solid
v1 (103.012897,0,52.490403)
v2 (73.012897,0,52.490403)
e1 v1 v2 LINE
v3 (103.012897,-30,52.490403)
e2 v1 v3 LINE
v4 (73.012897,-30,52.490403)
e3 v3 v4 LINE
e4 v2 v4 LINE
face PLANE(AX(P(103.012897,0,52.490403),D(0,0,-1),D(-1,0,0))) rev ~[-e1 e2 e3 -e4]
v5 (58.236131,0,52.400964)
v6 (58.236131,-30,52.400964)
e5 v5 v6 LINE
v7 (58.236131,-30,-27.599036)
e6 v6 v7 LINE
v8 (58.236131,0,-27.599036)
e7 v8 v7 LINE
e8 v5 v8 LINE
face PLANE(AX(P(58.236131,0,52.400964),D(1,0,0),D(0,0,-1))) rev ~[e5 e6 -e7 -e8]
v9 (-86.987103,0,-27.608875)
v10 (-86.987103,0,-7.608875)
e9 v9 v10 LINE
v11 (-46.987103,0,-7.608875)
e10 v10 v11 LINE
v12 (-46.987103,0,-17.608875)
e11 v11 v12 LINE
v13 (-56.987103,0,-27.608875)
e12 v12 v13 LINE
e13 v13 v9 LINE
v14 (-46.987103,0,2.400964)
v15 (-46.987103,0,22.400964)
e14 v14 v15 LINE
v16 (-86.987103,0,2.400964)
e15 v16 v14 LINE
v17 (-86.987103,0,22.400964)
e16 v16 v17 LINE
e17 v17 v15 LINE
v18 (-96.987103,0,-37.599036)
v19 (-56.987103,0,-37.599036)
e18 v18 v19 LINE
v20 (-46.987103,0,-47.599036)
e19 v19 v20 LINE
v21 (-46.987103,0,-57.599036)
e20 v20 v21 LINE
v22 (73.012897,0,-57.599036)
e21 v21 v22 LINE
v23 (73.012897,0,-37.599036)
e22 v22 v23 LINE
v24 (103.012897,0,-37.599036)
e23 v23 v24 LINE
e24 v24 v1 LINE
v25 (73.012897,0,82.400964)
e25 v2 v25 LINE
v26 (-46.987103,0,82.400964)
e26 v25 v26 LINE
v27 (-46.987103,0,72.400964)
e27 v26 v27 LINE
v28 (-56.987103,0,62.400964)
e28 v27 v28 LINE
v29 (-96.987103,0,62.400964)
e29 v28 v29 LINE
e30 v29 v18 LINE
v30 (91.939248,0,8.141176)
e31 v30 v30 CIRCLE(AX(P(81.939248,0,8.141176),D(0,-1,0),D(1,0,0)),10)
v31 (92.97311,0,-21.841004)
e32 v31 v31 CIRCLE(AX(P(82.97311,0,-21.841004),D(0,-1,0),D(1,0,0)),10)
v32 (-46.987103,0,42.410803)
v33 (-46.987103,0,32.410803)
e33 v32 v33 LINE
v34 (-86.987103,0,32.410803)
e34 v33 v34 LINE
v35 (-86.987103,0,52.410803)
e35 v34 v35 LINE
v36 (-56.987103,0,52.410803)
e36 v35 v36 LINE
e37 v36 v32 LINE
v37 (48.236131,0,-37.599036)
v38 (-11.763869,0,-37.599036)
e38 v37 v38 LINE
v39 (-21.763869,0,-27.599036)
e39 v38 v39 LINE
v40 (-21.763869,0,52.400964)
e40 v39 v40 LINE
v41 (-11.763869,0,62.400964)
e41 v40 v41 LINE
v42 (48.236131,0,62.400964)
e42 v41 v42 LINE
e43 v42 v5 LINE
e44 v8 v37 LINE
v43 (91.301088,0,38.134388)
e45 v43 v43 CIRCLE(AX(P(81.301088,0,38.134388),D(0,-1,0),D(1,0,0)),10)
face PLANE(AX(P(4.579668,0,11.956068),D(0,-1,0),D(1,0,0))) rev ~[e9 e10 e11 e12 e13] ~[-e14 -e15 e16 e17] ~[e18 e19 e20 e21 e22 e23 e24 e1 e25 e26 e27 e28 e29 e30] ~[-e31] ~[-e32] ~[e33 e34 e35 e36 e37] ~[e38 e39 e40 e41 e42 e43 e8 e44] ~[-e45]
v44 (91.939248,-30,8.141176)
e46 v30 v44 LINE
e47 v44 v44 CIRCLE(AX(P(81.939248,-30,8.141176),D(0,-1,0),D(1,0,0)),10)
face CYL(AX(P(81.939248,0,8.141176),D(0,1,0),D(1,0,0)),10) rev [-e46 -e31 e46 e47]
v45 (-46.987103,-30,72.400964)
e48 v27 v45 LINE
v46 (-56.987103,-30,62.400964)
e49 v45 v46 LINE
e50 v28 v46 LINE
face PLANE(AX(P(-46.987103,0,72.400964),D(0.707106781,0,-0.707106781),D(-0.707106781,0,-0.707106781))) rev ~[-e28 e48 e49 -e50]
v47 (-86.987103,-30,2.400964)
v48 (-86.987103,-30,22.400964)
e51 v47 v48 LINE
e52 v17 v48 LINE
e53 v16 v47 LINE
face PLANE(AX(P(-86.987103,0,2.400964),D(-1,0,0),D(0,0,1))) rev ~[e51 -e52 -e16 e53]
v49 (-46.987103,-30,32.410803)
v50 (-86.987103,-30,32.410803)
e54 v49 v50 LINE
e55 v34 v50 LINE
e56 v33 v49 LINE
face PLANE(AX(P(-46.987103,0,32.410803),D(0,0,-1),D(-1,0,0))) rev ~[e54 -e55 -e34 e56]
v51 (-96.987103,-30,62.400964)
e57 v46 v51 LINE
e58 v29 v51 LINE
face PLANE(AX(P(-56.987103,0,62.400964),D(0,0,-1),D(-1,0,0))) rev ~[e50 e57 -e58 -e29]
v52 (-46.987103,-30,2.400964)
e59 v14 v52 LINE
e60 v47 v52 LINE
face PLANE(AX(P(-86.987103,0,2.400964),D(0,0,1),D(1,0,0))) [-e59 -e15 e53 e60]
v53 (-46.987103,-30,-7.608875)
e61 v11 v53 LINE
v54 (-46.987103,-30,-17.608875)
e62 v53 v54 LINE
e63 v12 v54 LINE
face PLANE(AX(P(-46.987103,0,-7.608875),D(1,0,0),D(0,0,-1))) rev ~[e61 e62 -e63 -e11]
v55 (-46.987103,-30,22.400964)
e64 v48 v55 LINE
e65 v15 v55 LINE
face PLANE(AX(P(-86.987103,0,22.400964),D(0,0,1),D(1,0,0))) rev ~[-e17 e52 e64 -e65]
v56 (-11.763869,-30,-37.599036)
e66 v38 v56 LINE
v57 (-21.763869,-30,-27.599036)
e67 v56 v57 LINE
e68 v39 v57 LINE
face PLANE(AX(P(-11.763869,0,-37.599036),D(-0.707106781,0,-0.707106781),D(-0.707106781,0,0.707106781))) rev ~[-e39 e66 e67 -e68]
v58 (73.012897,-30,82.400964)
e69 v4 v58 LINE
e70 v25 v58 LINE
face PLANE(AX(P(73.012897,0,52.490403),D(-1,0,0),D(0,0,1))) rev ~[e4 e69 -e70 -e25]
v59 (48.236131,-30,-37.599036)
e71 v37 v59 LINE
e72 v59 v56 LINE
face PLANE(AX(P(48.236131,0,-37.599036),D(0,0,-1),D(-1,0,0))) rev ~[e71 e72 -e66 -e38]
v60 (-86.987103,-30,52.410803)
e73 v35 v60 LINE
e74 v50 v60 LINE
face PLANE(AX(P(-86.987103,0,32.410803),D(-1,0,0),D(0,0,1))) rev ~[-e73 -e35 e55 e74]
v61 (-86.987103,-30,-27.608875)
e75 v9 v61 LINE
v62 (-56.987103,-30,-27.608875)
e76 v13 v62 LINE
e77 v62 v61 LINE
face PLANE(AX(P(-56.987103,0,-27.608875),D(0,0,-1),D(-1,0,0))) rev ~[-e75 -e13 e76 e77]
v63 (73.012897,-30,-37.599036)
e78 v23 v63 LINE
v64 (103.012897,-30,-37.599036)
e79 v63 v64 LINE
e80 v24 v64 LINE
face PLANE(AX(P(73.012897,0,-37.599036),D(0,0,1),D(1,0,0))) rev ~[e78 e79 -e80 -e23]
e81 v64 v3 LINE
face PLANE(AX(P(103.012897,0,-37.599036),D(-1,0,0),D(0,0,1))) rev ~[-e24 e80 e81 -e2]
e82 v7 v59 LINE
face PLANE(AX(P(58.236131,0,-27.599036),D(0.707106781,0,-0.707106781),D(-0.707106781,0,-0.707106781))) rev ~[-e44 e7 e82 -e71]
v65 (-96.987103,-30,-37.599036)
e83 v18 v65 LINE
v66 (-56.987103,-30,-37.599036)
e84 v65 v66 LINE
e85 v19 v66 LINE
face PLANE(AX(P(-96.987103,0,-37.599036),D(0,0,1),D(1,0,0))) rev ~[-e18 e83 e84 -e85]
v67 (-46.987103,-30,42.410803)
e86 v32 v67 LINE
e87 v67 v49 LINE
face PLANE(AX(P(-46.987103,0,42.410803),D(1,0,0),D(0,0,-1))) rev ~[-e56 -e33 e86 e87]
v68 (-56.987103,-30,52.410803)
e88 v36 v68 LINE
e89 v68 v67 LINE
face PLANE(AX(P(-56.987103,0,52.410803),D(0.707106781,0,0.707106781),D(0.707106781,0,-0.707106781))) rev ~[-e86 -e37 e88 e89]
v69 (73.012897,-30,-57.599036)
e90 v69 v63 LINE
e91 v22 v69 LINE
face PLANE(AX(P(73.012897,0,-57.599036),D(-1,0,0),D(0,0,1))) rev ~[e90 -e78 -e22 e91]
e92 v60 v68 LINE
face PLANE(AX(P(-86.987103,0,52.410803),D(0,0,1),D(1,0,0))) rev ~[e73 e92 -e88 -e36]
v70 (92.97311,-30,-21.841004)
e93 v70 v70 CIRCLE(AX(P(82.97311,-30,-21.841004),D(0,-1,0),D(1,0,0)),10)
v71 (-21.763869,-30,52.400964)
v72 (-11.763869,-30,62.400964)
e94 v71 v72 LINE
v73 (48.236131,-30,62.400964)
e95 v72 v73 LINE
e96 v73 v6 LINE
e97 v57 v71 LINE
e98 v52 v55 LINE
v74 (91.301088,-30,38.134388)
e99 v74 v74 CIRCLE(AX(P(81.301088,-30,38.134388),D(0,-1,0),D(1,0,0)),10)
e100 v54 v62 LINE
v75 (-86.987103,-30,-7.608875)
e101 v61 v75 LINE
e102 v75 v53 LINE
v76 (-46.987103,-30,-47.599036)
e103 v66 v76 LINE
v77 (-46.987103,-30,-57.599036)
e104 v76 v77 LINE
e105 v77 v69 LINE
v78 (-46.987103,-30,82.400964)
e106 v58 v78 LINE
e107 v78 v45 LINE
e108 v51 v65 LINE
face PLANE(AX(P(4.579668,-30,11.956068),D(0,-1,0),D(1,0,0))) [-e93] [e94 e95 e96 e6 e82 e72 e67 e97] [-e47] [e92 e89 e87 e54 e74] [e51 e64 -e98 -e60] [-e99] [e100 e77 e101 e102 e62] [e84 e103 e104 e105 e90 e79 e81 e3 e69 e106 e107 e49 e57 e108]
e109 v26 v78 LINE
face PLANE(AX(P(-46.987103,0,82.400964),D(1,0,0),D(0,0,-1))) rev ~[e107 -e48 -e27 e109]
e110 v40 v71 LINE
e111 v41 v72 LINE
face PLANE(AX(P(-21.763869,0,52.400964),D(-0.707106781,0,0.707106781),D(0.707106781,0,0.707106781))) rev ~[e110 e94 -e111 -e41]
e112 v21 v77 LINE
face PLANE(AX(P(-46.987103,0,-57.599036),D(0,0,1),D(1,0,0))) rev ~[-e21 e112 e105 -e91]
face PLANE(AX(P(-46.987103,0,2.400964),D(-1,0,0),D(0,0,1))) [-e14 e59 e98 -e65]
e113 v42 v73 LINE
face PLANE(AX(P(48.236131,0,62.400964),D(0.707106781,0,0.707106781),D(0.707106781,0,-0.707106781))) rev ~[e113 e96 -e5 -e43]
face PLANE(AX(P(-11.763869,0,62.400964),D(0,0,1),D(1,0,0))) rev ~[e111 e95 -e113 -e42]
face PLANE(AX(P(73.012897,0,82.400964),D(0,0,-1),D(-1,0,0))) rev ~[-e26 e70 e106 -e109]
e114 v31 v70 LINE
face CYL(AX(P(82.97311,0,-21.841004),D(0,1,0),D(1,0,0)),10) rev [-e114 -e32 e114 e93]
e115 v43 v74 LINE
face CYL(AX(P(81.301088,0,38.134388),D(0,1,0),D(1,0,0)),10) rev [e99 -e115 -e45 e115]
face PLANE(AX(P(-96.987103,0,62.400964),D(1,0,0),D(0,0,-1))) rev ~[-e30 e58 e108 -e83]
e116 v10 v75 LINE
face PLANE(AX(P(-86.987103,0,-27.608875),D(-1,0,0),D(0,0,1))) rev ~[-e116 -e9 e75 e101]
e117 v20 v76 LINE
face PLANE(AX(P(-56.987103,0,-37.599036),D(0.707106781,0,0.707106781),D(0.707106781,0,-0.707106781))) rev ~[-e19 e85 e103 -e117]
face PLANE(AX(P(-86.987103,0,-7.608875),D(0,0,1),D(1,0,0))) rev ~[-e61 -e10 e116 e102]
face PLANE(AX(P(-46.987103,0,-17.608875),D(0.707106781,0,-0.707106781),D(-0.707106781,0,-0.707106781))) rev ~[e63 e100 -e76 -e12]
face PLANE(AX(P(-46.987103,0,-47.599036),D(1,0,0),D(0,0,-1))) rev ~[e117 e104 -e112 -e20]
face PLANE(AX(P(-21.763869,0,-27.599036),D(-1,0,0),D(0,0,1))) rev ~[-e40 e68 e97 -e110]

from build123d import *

# Parameters (mm, degrees)
F0_R     = 10
F0_W     = 40
F0_H     = 20
F1_DEPTH = 30


with BuildPart() as f1:
    # F0 (on Front) → F1 (new body)
    with BuildSketch(Plane.XZ):
        Polygon((63.012897, 82.400964), (-36.987103, 82.400964), (-46.987103, 82.400964), (-46.987103, 72.400964), (-56.987103, 62.400964), (-86.987103, 62.400964), (-96.987103, 62.400964), (-96.987103, 52.400964), (-96.987103, -27.599036), (-96.987103, -37.599036), (-86.987103, -37.599036), (-56.987103, -37.599036), (-46.987103, -47.599036), (-46.987103, -57.599036), (-36.987103, -57.599036), (63.012897, -57.599036), (73.012897, -57.599036), (73.012897, -47.599036), (73.012897, -37.599036), (83.012897, -37.599036), (93.012897, -37.599036), (103.012897, -37.599036), (103.012897, -27.599036), (103.012897, 42.490403), (103.012897, 52.490403), (93.012897, 52.490403), (83.012897, 52.490403), (73.012897, 52.490403), (73.012897, 62.490403), (73.012897, 72.400964), (73.012897, 82.400964), align=None)
        Polygon((-56.987103, -27.608875), (-86.987103, -27.608875), (-86.987103, -7.608875), (-46.987103, -7.608875), (-46.987103, -17.608875), align=None, mode=Mode.SUBTRACT)
        with Locations((82.97311, -21.841004)):
            Circle(F0_R, mode=Mode.SUBTRACT)
        with Locations((81.939248, 8.141176)):
            Circle(F0_R, mode=Mode.SUBTRACT)
        with Locations((-66.987103, 12.400964)):
            Rectangle(F0_W, F0_H, mode=Mode.SUBTRACT)
        Polygon((-86.987103, 32.410803), (-86.987103, 52.410803), (-56.987103, 52.410803), (-46.987103, 42.410803), (-46.987103, 32.410803), align=None, mode=Mode.SUBTRACT)
        Polygon((-21.763869, 52.400964), (-11.763869, 62.400964), (48.236131, 62.400964), (58.236131, 52.400964), (58.236131, 37.400964), (58.236131, 12.400964), (58.236131, -27.599036), (48.236131, -37.599036), (-11.763869, -37.599036), (-21.763869, -27.599036), (-21.763869, 12.400964), (-21.763869, 37.400964), align=None, mode=Mode.SUBTRACT)
        with Locations((81.301088, 38.134388)):
            Circle(F0_R, mode=Mode.SUBTRACT)
    extrude(amount=F1_DEPTH)


solid = f1.part
